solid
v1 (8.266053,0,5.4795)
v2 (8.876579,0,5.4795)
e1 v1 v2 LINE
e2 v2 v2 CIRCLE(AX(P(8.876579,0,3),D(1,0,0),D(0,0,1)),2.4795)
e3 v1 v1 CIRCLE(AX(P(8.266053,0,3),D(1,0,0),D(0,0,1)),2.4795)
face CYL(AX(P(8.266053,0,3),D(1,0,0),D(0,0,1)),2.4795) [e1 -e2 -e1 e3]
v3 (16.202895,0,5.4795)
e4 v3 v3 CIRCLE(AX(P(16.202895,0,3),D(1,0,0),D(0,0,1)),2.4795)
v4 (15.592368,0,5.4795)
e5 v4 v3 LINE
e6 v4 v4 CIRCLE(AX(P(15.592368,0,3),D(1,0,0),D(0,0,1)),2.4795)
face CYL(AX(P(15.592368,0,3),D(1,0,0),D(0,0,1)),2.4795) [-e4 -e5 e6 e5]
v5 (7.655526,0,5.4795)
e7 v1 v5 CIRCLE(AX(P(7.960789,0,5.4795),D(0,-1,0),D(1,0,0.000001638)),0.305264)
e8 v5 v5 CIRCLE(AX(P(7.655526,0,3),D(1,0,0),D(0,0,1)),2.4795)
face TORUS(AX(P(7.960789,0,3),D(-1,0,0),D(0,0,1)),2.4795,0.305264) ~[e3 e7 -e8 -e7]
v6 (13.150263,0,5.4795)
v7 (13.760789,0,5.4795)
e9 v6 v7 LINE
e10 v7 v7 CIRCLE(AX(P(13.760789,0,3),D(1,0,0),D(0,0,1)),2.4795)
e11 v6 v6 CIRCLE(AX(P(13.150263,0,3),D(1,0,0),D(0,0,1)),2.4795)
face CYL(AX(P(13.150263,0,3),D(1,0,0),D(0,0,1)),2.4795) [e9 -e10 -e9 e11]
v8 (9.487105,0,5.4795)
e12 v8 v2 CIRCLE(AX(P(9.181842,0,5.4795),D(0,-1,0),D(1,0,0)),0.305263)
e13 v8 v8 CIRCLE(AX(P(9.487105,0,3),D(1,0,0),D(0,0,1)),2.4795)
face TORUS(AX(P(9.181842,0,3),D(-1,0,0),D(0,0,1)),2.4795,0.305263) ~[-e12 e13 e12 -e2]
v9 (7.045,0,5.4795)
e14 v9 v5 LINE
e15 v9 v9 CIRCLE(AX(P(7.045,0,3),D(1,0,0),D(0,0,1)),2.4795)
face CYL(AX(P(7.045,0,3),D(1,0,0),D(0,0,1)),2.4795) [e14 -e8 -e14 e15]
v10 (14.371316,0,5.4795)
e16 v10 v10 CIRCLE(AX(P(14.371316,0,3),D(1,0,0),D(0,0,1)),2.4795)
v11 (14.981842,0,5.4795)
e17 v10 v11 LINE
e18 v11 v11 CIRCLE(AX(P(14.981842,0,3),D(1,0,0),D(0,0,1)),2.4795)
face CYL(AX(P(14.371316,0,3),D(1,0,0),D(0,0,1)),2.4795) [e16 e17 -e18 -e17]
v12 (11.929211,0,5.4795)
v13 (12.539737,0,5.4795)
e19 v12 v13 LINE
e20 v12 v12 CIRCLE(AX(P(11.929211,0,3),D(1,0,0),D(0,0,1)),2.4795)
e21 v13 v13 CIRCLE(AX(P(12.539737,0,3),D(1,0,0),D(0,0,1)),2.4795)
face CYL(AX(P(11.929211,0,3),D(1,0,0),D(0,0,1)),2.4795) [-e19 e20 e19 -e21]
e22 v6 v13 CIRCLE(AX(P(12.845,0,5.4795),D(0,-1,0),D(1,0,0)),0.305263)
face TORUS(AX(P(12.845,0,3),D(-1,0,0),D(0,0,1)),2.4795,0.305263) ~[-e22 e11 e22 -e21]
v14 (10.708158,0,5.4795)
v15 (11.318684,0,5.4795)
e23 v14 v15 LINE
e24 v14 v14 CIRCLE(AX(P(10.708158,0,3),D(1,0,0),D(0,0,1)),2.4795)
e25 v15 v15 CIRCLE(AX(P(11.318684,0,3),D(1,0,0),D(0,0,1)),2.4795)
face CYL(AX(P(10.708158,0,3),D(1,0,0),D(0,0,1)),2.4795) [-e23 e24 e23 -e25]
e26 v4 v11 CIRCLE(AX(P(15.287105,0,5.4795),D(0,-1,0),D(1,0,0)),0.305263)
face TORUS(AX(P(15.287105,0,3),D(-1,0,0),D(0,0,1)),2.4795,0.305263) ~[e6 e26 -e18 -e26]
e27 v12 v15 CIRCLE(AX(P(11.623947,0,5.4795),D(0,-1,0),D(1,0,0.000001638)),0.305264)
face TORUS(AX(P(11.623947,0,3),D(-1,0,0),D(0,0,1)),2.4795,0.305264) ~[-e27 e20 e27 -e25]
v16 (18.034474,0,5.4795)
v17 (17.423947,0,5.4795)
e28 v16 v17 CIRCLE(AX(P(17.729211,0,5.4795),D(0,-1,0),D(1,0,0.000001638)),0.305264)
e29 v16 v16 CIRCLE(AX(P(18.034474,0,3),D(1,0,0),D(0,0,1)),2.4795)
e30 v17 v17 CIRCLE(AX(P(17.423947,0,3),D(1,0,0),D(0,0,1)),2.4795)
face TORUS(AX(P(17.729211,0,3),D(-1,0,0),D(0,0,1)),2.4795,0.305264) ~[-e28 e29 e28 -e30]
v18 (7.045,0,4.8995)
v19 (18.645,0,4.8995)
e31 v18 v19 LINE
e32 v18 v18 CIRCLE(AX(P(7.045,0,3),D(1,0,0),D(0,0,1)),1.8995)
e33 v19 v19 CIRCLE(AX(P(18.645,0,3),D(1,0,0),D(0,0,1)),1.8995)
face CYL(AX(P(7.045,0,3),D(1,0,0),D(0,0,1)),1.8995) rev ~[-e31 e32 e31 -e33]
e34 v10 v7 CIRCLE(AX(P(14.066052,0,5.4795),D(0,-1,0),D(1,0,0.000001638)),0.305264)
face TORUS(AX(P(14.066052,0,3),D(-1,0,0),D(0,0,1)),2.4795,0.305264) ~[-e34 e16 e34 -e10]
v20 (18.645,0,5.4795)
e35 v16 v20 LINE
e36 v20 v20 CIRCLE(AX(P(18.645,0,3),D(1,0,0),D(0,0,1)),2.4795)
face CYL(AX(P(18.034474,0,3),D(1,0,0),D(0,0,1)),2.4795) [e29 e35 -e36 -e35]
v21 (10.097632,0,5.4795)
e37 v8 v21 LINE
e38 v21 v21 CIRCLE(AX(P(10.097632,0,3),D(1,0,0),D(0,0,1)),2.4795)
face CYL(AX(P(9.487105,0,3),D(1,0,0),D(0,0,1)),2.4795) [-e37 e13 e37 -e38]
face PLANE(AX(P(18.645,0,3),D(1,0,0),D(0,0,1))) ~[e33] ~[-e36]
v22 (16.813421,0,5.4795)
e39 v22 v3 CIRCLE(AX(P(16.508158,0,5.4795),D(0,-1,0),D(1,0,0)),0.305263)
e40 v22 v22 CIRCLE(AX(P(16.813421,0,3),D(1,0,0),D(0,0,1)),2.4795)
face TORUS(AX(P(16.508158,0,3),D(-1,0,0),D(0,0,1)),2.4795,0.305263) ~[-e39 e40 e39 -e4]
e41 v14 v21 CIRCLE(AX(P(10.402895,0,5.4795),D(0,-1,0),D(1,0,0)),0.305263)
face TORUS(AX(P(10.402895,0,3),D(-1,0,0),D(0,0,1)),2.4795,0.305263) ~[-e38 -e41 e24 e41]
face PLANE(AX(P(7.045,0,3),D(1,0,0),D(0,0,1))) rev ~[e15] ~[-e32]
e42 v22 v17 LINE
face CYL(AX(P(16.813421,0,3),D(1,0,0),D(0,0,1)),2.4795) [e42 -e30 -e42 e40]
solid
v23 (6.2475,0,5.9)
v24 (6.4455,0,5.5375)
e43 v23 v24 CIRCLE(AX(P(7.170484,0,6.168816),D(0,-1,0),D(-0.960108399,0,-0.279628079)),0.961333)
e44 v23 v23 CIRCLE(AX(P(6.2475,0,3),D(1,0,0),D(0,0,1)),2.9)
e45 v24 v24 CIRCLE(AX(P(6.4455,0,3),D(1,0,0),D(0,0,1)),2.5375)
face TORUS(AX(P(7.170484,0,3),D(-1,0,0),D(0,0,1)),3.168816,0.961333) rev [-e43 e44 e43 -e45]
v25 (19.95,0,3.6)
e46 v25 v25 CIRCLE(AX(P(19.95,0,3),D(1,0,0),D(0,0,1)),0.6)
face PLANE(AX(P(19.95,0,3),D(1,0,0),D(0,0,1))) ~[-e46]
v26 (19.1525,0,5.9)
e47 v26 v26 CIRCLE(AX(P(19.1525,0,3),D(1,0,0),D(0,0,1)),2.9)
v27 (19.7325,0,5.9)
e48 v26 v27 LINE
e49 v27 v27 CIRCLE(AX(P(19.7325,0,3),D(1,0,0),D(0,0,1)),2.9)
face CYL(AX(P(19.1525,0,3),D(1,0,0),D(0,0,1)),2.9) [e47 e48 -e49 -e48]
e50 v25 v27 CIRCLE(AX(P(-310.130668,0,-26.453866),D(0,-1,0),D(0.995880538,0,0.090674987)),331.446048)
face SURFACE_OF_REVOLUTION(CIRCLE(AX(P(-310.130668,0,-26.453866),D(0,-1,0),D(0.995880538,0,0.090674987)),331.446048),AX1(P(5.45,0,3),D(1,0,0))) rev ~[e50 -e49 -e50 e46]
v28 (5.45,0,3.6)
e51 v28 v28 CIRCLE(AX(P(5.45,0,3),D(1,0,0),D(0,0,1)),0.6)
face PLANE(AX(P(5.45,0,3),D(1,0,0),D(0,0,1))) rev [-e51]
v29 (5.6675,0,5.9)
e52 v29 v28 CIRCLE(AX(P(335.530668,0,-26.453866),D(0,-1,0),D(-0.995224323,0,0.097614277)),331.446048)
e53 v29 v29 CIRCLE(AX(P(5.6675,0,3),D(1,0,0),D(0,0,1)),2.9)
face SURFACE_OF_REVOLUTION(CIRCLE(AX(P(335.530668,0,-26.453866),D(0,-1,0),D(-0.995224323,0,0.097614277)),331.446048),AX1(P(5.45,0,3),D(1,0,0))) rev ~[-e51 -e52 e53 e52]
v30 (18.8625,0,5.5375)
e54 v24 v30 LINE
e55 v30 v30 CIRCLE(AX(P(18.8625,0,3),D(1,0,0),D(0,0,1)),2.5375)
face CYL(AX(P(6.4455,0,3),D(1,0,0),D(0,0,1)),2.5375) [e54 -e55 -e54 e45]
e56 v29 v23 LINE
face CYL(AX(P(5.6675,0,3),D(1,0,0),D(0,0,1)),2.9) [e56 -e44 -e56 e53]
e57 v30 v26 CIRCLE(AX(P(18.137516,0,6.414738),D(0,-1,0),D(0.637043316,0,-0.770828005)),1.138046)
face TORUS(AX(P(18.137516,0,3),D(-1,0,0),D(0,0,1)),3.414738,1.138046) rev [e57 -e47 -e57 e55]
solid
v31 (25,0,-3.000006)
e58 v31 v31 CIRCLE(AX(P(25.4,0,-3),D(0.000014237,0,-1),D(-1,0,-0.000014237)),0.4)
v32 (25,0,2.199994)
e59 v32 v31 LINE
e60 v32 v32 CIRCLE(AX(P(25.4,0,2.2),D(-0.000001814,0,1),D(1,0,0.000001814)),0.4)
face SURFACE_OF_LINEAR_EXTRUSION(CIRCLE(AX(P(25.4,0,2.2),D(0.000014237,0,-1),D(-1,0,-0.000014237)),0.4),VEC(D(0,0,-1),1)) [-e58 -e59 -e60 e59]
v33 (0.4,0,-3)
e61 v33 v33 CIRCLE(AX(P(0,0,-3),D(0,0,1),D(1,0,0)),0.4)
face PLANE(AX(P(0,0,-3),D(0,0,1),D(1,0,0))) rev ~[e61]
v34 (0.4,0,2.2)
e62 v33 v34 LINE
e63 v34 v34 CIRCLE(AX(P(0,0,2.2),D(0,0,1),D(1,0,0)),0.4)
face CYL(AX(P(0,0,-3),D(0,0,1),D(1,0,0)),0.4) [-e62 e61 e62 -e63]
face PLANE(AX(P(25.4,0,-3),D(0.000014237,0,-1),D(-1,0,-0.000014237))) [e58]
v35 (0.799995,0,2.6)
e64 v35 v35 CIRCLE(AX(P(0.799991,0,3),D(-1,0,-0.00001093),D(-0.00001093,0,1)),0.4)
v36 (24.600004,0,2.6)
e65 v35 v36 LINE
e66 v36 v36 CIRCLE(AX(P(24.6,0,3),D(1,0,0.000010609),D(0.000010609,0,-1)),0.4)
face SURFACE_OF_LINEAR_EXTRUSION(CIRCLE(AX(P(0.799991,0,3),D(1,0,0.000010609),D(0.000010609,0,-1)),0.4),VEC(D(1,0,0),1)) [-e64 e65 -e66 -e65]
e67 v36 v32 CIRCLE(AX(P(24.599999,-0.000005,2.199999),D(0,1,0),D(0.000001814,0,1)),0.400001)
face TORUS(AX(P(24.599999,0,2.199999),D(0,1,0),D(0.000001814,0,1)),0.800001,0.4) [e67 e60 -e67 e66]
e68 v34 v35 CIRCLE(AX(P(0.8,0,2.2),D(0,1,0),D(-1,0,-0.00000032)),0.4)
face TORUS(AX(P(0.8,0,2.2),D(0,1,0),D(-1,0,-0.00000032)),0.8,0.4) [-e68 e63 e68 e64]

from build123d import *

# Parameters (mm, degrees)
SKETCH_R = 0.4


with BuildPart() as revolution:
    # Sketch002 → Revolution (revolve)
    with BuildSketch(Plane.XZ):
        with BuildLine():
            Line((5.6675, 5.9), (6.2475, 5.9))
            ThreePointArc((6.2475, 5.9), (6.326801, 5.70799), (6.4455, 5.5375))
            Line((6.4455, 5.5375), (18.8625, 5.5375))
            ThreePointArc((18.8625, 5.5375), (19.02618, 5.703806), (19.1525, 5.9))
            Line((19.1525, 5.9), (19.7325, 5.9))
            ThreePointArc((19.95, 3.6), (19.843254, 4.750189), (19.7325, 5.9))
            Line((19.95, 3), (19.95, 3.6))
            Line((5.45, 3), (19.95, 3))
            Line((5.45, 3), (5.45, 3.6))
            ThreePointArc((5.6675, 5.9), (5.556746, 4.750189), (5.45, 3.6))
        make_face()
    revolve(axis=Axis((5.45, 0, 3), (1, 0, 0)))


with BuildPart() as sweep_body:
    # Sweep: sweep along a path in Sketch001
    with BuildLine(Plane.XZ) as sweep_path:
        Line((0, -3), (0, 2.2))
        ThreePointArc((0, 2.2), (0.234311, 2.765682), (0.799991, 3))
        Line((0.799991, 3), (24.6, 3))
        ThreePointArc((24.6, 3), (25.165685, 2.765685), (25.4, 2.2))
        Line((25.4, 2.2), (25.4, -3))
    # Sketch → Sweep (sweep)
    with BuildSketch(Plane.XY.offset(-2)):
        Circle(SKETCH_R)
    sweep(path=sweep_path.line)


with BuildPart() as revolution001:
    # Sketch003 → Revolution001 (revolve)
    with BuildSketch(Plane.XZ):
        with BuildLine():
            ThreePointArc((8.266053, 5.4795), (7.960789, 5.784763), (7.655526, 5.4795))
            Line((7.045, 5.4795), (7.655526, 5.4795))
            Line((7.045, 5.4795), (7.045, 4.8995))
            Line((7.045, 4.8995), (18.645, 4.8995))
            Line((18.645, 4.8995), (18.645, 5.4795))
            Line((18.034474, 5.4795), (18.645, 5.4795))
            ThreePointArc((18.034474, 5.4795), (17.729211, 5.784763), (17.423947, 5.4795))
            Line((16.813421, 5.4795), (17.423947, 5.4795))
            ThreePointArc((16.813421, 5.4795), (16.508158, 5.784763), (16.202895, 5.4795))
            Line((15.592368, 5.4795), (16.202895, 5.4795))
            ThreePointArc((15.592368, 5.4795), (15.287105, 5.784763), (14.981842, 5.4795))
            Line((14.371316, 5.4795), (14.981842, 5.4795))
            ThreePointArc((14.371316, 5.4795), (14.066053, 5.784763), (13.760789, 5.4795))
            Line((13.150263, 5.4795), (13.760789, 5.4795))
            ThreePointArc((13.150263, 5.4795), (12.845, 5.784763), (12.539737, 5.4795))
            Line((11.929211, 5.4795), (12.539737, 5.4795))
            ThreePointArc((11.929211, 5.4795), (11.623947, 5.784763), (11.318684, 5.4795))
            Line((10.708158, 5.4795), (11.318684, 5.4795))
            ThreePointArc((10.708158, 5.4795), (10.402895, 5.784763), (10.097632, 5.4795))
            Line((9.487105, 5.4795), (10.097632, 5.4795))
            ThreePointArc((9.487105, 5.4795), (9.181842, 5.784763), (8.876579, 5.4795))
            Line((8.266053, 5.4795), (8.876579, 5.4795))
        make_face()
    revolve(axis=Axis((5.8125, 0, 3), (1, 0, 0)))


solid = Compound([revolution.part, sweep_body.part, revolution001.part])
